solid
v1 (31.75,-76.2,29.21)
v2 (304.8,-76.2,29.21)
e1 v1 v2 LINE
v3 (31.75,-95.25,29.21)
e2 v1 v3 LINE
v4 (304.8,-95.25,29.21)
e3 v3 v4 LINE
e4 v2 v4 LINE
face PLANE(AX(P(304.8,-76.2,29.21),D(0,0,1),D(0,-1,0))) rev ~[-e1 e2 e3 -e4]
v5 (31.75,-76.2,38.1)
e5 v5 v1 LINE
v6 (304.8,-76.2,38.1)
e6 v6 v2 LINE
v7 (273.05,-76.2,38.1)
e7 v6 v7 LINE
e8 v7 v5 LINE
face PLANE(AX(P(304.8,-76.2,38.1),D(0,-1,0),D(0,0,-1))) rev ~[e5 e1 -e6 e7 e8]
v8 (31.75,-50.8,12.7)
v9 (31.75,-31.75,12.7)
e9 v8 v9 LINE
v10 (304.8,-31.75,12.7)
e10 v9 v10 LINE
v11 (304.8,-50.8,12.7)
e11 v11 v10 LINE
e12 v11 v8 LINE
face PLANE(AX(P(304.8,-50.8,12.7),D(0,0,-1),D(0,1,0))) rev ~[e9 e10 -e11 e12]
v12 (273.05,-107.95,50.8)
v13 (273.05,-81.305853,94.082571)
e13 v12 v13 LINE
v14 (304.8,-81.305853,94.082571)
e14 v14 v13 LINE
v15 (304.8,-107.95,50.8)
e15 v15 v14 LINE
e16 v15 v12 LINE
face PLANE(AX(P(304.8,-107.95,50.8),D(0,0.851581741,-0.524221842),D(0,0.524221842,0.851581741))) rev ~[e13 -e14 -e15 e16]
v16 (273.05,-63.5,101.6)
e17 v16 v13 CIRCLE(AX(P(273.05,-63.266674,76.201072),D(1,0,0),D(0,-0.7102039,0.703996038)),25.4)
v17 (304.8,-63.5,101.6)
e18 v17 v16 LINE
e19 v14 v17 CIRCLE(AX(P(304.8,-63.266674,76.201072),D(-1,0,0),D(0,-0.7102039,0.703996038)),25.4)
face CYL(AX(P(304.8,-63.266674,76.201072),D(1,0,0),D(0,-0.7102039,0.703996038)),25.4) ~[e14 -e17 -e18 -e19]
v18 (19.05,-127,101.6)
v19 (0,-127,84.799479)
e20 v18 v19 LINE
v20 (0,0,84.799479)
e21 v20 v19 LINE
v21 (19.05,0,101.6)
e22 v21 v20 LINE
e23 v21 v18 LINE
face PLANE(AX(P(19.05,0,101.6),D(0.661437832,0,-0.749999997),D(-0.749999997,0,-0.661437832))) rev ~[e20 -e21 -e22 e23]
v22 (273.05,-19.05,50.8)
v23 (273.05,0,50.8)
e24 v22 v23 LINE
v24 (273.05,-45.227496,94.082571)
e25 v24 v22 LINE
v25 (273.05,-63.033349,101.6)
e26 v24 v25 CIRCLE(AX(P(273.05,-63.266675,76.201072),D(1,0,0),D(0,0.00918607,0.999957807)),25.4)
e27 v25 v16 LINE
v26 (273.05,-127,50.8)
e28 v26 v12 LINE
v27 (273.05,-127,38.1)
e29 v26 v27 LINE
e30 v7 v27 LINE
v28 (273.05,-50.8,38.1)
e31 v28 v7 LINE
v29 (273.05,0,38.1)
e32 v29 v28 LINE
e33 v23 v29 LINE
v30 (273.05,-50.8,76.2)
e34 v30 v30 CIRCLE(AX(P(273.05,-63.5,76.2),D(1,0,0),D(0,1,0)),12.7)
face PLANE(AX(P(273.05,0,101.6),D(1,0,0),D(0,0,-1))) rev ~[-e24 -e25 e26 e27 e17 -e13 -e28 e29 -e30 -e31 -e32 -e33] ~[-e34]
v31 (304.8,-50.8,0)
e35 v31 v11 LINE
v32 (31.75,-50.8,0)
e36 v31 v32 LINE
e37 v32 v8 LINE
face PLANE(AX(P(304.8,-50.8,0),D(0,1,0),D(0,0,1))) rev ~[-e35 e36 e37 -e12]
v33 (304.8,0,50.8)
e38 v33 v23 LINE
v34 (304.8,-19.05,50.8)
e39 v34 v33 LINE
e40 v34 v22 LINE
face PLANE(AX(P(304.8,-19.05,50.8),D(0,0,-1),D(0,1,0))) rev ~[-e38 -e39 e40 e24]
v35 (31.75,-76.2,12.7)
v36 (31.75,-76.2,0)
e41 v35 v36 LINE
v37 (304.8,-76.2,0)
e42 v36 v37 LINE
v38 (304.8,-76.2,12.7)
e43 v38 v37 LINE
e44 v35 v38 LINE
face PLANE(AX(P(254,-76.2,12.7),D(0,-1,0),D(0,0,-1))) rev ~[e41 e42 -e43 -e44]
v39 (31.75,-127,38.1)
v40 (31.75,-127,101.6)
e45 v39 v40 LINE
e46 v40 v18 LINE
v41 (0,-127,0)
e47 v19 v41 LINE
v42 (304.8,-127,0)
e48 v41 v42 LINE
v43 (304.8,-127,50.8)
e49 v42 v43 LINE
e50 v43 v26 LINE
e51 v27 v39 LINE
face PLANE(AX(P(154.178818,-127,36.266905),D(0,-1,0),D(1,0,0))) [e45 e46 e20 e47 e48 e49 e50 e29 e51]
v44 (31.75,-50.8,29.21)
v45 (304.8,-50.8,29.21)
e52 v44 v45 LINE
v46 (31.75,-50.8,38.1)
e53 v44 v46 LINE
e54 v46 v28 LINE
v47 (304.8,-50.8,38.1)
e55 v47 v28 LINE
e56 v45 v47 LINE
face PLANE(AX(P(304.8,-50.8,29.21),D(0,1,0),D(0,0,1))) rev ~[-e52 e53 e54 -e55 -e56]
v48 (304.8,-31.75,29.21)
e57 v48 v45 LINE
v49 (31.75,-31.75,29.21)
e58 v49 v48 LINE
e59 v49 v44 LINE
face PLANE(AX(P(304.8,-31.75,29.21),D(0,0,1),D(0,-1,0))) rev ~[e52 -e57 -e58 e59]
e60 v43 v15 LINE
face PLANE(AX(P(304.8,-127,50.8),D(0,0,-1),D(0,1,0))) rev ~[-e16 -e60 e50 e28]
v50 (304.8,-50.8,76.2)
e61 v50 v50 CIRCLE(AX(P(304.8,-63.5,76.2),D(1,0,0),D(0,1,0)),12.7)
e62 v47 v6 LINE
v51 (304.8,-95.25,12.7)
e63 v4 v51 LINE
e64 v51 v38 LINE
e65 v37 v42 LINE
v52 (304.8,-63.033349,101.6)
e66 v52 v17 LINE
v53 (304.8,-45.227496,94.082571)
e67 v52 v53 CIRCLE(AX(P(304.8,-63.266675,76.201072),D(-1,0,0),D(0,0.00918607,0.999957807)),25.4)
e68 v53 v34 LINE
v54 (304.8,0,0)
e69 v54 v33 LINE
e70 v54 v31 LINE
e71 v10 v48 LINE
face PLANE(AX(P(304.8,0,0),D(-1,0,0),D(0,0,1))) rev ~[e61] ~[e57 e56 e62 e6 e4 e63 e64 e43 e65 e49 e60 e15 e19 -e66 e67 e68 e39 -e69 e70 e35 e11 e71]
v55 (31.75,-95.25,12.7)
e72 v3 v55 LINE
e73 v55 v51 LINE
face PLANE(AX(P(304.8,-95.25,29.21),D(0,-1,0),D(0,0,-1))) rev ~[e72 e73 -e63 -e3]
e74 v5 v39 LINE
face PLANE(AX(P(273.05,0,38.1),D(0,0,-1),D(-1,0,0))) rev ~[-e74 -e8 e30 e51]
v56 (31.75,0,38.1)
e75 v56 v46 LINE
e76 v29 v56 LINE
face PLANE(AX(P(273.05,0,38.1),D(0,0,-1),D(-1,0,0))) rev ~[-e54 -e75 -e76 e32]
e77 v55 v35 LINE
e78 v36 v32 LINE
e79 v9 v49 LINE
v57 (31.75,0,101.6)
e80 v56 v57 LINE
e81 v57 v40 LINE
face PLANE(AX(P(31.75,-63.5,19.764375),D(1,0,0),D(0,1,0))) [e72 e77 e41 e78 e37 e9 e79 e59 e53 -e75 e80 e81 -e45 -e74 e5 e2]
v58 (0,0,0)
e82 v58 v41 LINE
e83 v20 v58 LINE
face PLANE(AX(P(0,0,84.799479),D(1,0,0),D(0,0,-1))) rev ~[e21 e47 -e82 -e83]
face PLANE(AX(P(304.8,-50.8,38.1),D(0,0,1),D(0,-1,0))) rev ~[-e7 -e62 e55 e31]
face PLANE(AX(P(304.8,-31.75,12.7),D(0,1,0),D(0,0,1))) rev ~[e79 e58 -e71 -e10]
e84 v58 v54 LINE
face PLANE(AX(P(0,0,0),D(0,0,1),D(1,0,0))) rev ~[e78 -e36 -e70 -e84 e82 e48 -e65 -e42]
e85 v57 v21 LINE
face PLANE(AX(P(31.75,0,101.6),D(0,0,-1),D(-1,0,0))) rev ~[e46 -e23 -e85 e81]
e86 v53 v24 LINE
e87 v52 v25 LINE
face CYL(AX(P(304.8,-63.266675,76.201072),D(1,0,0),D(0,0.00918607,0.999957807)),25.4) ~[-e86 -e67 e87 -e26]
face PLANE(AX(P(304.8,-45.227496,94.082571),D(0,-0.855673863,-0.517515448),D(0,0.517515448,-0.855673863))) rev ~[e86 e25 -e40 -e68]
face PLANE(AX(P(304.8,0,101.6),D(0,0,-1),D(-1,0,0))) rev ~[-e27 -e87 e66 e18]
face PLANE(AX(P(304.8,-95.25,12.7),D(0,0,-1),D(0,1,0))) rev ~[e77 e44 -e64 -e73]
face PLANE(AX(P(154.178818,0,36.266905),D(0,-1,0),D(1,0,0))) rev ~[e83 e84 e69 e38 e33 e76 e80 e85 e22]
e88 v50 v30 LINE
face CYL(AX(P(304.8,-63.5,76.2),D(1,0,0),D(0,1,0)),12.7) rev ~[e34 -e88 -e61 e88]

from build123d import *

# Parameters (mm, degrees)
F1_DEPTH = 127
F2_R     = 12.7
F3_DEPTH = 50.8
F4_DEPTH = 222.25


with BuildPart() as f1:
    # F0 (on Front) → F1 (new body)
    with BuildSketch(Plane.XZ):
        Polygon((0, 84.799479), (0, 0), (304.8, 0), (304.8, 101.6), (273.05, 101.6), (273.05, 38.1), (31.75, 38.1), (31.75, 101.6), (19.05, 101.6), align=None)
    extrude(amount=F1_DEPTH)

    # F2 (on face) → F3 (cut)
    with BuildSketch(Plane.YZ.offset(304.8)):
        with BuildLine():
            Line((-127, 101.6), (-127, 50.8))
            Line((-127, 50.8), (-107.95, 50.8))
            Line((-107.95, 50.8), (-81.305853, 94.082571))
            ThreePointArc((-81.305853, 94.082571), (-73.145897, 99.601092), (-63.5, 101.6))
            Line((-63.5, 101.6), (-127, 101.6))
        make_face()
        with BuildLine():
            Line((-19.05, 50.8), (0, 50.8))
            Line((0, 50.8), (0, 101.6))
            Line((0, 101.6), (-63.033349, 101.6))
            ThreePointArc((-63.033349, 101.6), (-53.387452, 99.601092), (-45.227496, 94.082571))
            Line((-45.227496, 94.082571), (-19.05, 50.8))
        make_face()
        Polygon((-76.2, 0), (-50.8, 0), (-50.8, 12.7), (-31.75, 12.7), (-31.75, 29.21), (-50.8, 29.21), (-50.8, 38.1), (-76.2, 38.1), (-76.2, 29.21), (-95.25, 29.21), (-95.25, 12.7), (-76.2, 12.7), align=None)
        with Locations((-63.5, 76.2)):
            Circle(F2_R)
    extrude(amount=-F3_DEPTH, mode=Mode.SUBTRACT)

    # F3_face (on face) → F4 (cut)
    with BuildSketch(Plane(origin=(254, -63.5, 19.800455), x_dir=(0, 1, 0), z_dir=(1, 0, 0))):
        Polygon((-12.7, -19.800455), (12.7, -19.800455), (12.7, -7.100455), (31.75, -7.100455), (31.75, 9.409545), (12.7, 9.409545), (12.7, 18.299545), (-12.7, 18.299545), (-12.7, 9.409545), (-31.75, 9.409545), (-31.75, -7.100455), (-12.7, -7.100455), align=None)
    extrude(amount=-F4_DEPTH, mode=Mode.SUBTRACT)


solid = f1.part
